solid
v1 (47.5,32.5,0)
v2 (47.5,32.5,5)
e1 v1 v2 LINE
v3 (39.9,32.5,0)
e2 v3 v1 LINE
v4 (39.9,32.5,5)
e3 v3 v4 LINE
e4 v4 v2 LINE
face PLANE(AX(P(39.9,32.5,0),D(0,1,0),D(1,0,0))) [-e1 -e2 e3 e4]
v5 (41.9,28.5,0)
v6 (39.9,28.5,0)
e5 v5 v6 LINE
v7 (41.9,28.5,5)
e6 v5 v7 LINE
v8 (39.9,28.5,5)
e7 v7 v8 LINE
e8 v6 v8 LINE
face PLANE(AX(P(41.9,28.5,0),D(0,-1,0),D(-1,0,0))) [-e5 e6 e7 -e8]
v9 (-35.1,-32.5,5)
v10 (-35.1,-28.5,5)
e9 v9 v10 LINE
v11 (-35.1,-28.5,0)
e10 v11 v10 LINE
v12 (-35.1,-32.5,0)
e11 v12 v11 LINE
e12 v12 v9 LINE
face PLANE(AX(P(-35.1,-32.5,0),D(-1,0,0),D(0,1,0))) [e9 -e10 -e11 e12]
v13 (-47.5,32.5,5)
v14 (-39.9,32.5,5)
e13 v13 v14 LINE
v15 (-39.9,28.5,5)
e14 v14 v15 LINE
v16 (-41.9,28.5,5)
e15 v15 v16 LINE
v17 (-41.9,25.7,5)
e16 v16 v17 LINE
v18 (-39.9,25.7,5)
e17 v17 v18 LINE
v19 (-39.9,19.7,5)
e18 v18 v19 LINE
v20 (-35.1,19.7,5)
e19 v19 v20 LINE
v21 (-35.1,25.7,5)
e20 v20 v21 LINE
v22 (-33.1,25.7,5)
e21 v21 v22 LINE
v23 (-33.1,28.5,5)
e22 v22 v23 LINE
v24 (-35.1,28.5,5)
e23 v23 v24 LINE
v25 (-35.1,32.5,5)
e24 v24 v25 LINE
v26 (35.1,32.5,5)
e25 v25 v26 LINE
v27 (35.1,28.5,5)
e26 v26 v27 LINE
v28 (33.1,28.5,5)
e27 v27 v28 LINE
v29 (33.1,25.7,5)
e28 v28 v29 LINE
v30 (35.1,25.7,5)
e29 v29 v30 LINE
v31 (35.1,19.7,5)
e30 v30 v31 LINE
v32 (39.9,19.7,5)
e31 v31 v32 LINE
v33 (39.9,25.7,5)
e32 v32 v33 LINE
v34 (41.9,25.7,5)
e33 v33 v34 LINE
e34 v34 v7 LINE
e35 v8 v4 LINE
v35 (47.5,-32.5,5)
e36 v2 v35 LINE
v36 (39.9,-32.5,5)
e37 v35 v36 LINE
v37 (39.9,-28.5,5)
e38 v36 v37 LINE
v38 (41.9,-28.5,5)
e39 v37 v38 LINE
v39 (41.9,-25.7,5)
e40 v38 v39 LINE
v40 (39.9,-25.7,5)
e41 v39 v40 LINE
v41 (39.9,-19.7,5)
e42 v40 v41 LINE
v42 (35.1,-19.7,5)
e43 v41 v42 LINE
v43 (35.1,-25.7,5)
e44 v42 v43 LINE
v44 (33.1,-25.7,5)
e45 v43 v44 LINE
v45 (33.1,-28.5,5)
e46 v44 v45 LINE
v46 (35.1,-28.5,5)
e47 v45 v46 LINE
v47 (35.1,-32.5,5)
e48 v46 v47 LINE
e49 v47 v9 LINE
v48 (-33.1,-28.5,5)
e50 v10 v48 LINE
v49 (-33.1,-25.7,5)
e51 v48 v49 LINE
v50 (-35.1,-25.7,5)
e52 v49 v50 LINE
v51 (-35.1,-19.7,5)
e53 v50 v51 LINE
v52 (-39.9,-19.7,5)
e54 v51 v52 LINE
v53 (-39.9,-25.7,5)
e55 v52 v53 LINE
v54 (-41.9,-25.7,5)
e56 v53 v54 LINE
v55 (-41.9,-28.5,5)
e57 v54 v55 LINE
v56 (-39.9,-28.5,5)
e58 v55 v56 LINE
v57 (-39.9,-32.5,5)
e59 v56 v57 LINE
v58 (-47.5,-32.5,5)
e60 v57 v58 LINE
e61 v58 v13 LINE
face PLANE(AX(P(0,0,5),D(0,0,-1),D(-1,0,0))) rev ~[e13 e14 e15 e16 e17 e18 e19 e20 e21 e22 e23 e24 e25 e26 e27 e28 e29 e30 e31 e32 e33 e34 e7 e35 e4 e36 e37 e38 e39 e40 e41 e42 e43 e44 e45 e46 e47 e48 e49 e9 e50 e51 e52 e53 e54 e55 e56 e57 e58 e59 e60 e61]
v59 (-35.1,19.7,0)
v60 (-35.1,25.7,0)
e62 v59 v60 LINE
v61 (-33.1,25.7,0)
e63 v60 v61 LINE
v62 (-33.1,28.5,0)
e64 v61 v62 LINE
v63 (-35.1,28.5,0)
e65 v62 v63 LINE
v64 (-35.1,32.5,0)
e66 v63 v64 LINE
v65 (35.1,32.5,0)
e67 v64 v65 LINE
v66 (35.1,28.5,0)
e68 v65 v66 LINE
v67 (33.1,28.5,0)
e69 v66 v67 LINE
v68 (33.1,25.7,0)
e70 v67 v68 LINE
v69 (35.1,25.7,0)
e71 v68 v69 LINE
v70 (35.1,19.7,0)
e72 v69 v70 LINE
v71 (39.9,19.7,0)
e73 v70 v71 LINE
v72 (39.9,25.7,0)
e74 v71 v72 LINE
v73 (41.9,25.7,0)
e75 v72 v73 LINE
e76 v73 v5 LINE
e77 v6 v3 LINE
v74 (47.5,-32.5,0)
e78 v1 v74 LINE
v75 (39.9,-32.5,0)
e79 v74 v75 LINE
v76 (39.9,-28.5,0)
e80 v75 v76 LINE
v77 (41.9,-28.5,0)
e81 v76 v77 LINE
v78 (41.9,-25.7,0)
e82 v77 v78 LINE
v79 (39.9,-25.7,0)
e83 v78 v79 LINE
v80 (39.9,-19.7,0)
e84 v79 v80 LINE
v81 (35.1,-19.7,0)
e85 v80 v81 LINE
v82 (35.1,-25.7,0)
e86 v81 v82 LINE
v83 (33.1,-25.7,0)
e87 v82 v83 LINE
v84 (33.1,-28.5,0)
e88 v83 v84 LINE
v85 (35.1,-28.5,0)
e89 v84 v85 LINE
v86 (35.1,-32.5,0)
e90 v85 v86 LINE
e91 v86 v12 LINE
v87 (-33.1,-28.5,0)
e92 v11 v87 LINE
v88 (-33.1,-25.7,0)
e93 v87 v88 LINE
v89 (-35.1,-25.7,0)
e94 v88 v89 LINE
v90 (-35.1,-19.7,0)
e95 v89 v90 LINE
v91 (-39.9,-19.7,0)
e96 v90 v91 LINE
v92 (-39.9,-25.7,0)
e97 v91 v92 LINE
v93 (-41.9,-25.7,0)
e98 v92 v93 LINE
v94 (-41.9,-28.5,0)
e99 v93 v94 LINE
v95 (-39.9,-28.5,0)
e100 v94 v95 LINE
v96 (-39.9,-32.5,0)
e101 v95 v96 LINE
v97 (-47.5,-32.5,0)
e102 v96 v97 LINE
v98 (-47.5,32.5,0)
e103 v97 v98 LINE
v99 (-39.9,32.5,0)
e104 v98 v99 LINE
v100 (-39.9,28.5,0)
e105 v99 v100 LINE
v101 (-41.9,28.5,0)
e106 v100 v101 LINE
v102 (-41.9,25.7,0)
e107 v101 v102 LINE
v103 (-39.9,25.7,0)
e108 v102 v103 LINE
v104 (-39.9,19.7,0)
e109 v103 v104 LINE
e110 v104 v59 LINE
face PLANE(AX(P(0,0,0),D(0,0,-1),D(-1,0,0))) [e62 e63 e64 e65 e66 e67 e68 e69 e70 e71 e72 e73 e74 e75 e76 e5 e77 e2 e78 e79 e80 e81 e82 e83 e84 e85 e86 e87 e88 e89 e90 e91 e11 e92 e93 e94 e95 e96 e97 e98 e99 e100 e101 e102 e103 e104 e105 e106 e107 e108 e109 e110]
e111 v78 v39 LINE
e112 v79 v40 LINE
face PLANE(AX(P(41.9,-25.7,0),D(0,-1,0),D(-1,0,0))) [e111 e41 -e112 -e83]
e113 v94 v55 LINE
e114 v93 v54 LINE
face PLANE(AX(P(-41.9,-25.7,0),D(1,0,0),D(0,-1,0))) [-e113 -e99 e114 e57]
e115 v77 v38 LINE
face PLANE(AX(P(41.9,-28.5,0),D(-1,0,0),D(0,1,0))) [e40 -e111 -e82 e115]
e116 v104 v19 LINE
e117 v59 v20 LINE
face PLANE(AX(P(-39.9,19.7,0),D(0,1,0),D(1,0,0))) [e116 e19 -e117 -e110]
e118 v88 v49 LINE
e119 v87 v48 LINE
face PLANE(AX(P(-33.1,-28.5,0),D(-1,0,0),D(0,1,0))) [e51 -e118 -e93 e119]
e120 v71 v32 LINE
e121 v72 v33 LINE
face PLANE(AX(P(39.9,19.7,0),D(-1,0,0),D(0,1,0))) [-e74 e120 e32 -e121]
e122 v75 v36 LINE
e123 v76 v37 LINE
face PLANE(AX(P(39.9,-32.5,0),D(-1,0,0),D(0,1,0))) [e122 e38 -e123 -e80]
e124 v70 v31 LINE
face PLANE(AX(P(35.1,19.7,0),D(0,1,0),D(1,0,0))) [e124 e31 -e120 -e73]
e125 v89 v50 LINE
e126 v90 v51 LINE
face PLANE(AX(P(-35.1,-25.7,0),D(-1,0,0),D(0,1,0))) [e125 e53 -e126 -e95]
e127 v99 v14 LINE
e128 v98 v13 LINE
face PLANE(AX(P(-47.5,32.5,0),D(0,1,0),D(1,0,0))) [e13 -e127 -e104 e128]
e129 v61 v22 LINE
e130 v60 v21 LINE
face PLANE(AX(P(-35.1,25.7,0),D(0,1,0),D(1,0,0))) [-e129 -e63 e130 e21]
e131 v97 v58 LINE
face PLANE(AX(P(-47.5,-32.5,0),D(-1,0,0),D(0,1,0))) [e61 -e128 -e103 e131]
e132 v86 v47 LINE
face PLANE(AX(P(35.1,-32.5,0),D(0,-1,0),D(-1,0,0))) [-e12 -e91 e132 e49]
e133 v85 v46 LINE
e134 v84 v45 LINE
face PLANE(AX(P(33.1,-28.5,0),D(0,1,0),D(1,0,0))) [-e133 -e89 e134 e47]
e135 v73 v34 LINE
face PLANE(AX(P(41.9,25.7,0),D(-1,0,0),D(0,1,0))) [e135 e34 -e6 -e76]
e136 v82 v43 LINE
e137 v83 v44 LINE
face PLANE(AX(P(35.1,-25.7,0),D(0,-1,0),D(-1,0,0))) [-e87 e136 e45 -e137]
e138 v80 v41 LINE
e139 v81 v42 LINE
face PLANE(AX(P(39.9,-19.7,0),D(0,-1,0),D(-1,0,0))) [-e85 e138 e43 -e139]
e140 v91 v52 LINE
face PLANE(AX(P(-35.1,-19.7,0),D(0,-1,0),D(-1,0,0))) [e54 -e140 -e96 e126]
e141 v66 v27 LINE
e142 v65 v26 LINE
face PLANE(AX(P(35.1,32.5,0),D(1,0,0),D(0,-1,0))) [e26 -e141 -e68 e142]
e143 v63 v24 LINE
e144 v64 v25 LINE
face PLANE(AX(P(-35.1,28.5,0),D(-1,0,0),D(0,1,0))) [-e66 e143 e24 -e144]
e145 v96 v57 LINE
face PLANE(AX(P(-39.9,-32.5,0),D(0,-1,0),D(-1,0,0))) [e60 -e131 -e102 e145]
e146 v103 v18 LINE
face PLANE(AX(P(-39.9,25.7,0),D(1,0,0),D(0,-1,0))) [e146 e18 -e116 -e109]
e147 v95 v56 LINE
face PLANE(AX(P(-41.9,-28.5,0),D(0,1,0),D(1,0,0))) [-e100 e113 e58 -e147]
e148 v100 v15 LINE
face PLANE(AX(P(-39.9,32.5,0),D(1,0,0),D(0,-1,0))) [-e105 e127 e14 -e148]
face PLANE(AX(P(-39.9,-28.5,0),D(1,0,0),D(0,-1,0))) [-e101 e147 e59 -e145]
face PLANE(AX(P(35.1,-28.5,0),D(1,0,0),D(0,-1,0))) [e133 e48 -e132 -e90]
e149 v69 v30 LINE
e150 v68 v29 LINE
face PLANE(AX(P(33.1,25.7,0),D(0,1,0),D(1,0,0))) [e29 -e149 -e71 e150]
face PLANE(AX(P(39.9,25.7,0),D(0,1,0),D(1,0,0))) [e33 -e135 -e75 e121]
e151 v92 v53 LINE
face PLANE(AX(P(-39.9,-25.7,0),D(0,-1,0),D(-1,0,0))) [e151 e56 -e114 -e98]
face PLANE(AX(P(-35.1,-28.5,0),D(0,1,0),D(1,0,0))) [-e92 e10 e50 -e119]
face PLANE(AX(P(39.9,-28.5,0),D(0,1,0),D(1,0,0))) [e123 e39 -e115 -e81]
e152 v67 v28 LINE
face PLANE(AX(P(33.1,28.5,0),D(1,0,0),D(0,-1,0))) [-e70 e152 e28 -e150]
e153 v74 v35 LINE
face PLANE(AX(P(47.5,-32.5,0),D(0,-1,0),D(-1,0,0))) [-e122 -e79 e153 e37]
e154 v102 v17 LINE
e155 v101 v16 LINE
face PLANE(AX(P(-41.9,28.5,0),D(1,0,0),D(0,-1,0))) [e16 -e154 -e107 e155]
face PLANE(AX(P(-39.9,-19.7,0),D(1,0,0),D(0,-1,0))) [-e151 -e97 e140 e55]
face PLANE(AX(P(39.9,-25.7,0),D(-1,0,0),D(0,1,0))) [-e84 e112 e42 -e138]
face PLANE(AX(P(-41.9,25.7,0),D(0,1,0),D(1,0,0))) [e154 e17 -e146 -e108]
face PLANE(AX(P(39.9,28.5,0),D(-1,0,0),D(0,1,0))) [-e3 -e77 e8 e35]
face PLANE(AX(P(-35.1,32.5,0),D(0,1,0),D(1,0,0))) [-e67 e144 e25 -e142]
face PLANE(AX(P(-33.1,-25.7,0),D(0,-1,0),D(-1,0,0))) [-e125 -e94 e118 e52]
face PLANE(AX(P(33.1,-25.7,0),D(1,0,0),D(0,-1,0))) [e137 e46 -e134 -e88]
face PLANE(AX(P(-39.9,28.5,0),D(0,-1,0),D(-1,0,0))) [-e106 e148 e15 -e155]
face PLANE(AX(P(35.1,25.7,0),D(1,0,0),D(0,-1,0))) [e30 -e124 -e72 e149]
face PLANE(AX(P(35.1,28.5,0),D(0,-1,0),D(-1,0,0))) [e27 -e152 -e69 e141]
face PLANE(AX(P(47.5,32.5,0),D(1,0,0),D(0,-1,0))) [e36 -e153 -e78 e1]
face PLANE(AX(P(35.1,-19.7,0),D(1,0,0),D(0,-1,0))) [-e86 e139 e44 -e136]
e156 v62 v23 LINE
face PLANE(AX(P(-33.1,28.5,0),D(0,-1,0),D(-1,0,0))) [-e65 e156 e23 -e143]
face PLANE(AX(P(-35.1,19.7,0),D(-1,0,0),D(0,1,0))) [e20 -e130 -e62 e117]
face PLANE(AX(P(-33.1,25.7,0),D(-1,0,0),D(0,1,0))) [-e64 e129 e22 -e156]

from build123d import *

# Parameters (mm, degrees)
BOSS_EXTRUDE1_DEPTH = 5


with BuildPart() as part:
    # Sketch1 → Boss-Extrude1 (new body)
    with BuildSketch(Plane.XY):
        Polygon((-47.5, 32.5), (-39.9, 32.5), (-39.9, 28.5), (-41.9, 28.5), (-41.9, 25.7), (-39.9, 25.7), (-39.9, 19.7), (-35.1, 19.7), (-35.1, 25.7), (-33.1, 25.7), (-33.1, 28.5), (-35.1, 28.5), (-35.1, 32.5), (35.1, 32.5), (35.1, 28.5), (33.1, 28.5), (33.1, 25.7), (35.1, 25.7), (35.1, 19.7), (39.9, 19.7), (39.9, 25.7), (41.9, 25.7), (41.9, 28.5), (39.9, 28.5), (39.9, 32.5), (47.5, 32.5), (47.5, -32.5), (39.9, -32.5), (39.9, -28.5), (41.9, -28.5), (41.9, -25.7), (39.9, -25.7), (39.9, -19.7), (35.1, -19.7), (35.1, -25.7), (33.1, -25.7), (33.1, -28.5), (35.1, -28.5), (35.1, -32.5), (-35.1, -32.5), (-35.1, -28.5), (-33.1, -28.5), (-33.1, -25.7), (-35.1, -25.7), (-35.1, -19.7), (-39.9, -19.7), (-39.9, -25.7), (-41.9, -25.7), (-41.9, -28.5), (-39.9, -28.5), (-39.9, -32.5), (-47.5, -32.5), align=None)
    extrude(amount=BOSS_EXTRUDE1_DEPTH)


solid = part.part
